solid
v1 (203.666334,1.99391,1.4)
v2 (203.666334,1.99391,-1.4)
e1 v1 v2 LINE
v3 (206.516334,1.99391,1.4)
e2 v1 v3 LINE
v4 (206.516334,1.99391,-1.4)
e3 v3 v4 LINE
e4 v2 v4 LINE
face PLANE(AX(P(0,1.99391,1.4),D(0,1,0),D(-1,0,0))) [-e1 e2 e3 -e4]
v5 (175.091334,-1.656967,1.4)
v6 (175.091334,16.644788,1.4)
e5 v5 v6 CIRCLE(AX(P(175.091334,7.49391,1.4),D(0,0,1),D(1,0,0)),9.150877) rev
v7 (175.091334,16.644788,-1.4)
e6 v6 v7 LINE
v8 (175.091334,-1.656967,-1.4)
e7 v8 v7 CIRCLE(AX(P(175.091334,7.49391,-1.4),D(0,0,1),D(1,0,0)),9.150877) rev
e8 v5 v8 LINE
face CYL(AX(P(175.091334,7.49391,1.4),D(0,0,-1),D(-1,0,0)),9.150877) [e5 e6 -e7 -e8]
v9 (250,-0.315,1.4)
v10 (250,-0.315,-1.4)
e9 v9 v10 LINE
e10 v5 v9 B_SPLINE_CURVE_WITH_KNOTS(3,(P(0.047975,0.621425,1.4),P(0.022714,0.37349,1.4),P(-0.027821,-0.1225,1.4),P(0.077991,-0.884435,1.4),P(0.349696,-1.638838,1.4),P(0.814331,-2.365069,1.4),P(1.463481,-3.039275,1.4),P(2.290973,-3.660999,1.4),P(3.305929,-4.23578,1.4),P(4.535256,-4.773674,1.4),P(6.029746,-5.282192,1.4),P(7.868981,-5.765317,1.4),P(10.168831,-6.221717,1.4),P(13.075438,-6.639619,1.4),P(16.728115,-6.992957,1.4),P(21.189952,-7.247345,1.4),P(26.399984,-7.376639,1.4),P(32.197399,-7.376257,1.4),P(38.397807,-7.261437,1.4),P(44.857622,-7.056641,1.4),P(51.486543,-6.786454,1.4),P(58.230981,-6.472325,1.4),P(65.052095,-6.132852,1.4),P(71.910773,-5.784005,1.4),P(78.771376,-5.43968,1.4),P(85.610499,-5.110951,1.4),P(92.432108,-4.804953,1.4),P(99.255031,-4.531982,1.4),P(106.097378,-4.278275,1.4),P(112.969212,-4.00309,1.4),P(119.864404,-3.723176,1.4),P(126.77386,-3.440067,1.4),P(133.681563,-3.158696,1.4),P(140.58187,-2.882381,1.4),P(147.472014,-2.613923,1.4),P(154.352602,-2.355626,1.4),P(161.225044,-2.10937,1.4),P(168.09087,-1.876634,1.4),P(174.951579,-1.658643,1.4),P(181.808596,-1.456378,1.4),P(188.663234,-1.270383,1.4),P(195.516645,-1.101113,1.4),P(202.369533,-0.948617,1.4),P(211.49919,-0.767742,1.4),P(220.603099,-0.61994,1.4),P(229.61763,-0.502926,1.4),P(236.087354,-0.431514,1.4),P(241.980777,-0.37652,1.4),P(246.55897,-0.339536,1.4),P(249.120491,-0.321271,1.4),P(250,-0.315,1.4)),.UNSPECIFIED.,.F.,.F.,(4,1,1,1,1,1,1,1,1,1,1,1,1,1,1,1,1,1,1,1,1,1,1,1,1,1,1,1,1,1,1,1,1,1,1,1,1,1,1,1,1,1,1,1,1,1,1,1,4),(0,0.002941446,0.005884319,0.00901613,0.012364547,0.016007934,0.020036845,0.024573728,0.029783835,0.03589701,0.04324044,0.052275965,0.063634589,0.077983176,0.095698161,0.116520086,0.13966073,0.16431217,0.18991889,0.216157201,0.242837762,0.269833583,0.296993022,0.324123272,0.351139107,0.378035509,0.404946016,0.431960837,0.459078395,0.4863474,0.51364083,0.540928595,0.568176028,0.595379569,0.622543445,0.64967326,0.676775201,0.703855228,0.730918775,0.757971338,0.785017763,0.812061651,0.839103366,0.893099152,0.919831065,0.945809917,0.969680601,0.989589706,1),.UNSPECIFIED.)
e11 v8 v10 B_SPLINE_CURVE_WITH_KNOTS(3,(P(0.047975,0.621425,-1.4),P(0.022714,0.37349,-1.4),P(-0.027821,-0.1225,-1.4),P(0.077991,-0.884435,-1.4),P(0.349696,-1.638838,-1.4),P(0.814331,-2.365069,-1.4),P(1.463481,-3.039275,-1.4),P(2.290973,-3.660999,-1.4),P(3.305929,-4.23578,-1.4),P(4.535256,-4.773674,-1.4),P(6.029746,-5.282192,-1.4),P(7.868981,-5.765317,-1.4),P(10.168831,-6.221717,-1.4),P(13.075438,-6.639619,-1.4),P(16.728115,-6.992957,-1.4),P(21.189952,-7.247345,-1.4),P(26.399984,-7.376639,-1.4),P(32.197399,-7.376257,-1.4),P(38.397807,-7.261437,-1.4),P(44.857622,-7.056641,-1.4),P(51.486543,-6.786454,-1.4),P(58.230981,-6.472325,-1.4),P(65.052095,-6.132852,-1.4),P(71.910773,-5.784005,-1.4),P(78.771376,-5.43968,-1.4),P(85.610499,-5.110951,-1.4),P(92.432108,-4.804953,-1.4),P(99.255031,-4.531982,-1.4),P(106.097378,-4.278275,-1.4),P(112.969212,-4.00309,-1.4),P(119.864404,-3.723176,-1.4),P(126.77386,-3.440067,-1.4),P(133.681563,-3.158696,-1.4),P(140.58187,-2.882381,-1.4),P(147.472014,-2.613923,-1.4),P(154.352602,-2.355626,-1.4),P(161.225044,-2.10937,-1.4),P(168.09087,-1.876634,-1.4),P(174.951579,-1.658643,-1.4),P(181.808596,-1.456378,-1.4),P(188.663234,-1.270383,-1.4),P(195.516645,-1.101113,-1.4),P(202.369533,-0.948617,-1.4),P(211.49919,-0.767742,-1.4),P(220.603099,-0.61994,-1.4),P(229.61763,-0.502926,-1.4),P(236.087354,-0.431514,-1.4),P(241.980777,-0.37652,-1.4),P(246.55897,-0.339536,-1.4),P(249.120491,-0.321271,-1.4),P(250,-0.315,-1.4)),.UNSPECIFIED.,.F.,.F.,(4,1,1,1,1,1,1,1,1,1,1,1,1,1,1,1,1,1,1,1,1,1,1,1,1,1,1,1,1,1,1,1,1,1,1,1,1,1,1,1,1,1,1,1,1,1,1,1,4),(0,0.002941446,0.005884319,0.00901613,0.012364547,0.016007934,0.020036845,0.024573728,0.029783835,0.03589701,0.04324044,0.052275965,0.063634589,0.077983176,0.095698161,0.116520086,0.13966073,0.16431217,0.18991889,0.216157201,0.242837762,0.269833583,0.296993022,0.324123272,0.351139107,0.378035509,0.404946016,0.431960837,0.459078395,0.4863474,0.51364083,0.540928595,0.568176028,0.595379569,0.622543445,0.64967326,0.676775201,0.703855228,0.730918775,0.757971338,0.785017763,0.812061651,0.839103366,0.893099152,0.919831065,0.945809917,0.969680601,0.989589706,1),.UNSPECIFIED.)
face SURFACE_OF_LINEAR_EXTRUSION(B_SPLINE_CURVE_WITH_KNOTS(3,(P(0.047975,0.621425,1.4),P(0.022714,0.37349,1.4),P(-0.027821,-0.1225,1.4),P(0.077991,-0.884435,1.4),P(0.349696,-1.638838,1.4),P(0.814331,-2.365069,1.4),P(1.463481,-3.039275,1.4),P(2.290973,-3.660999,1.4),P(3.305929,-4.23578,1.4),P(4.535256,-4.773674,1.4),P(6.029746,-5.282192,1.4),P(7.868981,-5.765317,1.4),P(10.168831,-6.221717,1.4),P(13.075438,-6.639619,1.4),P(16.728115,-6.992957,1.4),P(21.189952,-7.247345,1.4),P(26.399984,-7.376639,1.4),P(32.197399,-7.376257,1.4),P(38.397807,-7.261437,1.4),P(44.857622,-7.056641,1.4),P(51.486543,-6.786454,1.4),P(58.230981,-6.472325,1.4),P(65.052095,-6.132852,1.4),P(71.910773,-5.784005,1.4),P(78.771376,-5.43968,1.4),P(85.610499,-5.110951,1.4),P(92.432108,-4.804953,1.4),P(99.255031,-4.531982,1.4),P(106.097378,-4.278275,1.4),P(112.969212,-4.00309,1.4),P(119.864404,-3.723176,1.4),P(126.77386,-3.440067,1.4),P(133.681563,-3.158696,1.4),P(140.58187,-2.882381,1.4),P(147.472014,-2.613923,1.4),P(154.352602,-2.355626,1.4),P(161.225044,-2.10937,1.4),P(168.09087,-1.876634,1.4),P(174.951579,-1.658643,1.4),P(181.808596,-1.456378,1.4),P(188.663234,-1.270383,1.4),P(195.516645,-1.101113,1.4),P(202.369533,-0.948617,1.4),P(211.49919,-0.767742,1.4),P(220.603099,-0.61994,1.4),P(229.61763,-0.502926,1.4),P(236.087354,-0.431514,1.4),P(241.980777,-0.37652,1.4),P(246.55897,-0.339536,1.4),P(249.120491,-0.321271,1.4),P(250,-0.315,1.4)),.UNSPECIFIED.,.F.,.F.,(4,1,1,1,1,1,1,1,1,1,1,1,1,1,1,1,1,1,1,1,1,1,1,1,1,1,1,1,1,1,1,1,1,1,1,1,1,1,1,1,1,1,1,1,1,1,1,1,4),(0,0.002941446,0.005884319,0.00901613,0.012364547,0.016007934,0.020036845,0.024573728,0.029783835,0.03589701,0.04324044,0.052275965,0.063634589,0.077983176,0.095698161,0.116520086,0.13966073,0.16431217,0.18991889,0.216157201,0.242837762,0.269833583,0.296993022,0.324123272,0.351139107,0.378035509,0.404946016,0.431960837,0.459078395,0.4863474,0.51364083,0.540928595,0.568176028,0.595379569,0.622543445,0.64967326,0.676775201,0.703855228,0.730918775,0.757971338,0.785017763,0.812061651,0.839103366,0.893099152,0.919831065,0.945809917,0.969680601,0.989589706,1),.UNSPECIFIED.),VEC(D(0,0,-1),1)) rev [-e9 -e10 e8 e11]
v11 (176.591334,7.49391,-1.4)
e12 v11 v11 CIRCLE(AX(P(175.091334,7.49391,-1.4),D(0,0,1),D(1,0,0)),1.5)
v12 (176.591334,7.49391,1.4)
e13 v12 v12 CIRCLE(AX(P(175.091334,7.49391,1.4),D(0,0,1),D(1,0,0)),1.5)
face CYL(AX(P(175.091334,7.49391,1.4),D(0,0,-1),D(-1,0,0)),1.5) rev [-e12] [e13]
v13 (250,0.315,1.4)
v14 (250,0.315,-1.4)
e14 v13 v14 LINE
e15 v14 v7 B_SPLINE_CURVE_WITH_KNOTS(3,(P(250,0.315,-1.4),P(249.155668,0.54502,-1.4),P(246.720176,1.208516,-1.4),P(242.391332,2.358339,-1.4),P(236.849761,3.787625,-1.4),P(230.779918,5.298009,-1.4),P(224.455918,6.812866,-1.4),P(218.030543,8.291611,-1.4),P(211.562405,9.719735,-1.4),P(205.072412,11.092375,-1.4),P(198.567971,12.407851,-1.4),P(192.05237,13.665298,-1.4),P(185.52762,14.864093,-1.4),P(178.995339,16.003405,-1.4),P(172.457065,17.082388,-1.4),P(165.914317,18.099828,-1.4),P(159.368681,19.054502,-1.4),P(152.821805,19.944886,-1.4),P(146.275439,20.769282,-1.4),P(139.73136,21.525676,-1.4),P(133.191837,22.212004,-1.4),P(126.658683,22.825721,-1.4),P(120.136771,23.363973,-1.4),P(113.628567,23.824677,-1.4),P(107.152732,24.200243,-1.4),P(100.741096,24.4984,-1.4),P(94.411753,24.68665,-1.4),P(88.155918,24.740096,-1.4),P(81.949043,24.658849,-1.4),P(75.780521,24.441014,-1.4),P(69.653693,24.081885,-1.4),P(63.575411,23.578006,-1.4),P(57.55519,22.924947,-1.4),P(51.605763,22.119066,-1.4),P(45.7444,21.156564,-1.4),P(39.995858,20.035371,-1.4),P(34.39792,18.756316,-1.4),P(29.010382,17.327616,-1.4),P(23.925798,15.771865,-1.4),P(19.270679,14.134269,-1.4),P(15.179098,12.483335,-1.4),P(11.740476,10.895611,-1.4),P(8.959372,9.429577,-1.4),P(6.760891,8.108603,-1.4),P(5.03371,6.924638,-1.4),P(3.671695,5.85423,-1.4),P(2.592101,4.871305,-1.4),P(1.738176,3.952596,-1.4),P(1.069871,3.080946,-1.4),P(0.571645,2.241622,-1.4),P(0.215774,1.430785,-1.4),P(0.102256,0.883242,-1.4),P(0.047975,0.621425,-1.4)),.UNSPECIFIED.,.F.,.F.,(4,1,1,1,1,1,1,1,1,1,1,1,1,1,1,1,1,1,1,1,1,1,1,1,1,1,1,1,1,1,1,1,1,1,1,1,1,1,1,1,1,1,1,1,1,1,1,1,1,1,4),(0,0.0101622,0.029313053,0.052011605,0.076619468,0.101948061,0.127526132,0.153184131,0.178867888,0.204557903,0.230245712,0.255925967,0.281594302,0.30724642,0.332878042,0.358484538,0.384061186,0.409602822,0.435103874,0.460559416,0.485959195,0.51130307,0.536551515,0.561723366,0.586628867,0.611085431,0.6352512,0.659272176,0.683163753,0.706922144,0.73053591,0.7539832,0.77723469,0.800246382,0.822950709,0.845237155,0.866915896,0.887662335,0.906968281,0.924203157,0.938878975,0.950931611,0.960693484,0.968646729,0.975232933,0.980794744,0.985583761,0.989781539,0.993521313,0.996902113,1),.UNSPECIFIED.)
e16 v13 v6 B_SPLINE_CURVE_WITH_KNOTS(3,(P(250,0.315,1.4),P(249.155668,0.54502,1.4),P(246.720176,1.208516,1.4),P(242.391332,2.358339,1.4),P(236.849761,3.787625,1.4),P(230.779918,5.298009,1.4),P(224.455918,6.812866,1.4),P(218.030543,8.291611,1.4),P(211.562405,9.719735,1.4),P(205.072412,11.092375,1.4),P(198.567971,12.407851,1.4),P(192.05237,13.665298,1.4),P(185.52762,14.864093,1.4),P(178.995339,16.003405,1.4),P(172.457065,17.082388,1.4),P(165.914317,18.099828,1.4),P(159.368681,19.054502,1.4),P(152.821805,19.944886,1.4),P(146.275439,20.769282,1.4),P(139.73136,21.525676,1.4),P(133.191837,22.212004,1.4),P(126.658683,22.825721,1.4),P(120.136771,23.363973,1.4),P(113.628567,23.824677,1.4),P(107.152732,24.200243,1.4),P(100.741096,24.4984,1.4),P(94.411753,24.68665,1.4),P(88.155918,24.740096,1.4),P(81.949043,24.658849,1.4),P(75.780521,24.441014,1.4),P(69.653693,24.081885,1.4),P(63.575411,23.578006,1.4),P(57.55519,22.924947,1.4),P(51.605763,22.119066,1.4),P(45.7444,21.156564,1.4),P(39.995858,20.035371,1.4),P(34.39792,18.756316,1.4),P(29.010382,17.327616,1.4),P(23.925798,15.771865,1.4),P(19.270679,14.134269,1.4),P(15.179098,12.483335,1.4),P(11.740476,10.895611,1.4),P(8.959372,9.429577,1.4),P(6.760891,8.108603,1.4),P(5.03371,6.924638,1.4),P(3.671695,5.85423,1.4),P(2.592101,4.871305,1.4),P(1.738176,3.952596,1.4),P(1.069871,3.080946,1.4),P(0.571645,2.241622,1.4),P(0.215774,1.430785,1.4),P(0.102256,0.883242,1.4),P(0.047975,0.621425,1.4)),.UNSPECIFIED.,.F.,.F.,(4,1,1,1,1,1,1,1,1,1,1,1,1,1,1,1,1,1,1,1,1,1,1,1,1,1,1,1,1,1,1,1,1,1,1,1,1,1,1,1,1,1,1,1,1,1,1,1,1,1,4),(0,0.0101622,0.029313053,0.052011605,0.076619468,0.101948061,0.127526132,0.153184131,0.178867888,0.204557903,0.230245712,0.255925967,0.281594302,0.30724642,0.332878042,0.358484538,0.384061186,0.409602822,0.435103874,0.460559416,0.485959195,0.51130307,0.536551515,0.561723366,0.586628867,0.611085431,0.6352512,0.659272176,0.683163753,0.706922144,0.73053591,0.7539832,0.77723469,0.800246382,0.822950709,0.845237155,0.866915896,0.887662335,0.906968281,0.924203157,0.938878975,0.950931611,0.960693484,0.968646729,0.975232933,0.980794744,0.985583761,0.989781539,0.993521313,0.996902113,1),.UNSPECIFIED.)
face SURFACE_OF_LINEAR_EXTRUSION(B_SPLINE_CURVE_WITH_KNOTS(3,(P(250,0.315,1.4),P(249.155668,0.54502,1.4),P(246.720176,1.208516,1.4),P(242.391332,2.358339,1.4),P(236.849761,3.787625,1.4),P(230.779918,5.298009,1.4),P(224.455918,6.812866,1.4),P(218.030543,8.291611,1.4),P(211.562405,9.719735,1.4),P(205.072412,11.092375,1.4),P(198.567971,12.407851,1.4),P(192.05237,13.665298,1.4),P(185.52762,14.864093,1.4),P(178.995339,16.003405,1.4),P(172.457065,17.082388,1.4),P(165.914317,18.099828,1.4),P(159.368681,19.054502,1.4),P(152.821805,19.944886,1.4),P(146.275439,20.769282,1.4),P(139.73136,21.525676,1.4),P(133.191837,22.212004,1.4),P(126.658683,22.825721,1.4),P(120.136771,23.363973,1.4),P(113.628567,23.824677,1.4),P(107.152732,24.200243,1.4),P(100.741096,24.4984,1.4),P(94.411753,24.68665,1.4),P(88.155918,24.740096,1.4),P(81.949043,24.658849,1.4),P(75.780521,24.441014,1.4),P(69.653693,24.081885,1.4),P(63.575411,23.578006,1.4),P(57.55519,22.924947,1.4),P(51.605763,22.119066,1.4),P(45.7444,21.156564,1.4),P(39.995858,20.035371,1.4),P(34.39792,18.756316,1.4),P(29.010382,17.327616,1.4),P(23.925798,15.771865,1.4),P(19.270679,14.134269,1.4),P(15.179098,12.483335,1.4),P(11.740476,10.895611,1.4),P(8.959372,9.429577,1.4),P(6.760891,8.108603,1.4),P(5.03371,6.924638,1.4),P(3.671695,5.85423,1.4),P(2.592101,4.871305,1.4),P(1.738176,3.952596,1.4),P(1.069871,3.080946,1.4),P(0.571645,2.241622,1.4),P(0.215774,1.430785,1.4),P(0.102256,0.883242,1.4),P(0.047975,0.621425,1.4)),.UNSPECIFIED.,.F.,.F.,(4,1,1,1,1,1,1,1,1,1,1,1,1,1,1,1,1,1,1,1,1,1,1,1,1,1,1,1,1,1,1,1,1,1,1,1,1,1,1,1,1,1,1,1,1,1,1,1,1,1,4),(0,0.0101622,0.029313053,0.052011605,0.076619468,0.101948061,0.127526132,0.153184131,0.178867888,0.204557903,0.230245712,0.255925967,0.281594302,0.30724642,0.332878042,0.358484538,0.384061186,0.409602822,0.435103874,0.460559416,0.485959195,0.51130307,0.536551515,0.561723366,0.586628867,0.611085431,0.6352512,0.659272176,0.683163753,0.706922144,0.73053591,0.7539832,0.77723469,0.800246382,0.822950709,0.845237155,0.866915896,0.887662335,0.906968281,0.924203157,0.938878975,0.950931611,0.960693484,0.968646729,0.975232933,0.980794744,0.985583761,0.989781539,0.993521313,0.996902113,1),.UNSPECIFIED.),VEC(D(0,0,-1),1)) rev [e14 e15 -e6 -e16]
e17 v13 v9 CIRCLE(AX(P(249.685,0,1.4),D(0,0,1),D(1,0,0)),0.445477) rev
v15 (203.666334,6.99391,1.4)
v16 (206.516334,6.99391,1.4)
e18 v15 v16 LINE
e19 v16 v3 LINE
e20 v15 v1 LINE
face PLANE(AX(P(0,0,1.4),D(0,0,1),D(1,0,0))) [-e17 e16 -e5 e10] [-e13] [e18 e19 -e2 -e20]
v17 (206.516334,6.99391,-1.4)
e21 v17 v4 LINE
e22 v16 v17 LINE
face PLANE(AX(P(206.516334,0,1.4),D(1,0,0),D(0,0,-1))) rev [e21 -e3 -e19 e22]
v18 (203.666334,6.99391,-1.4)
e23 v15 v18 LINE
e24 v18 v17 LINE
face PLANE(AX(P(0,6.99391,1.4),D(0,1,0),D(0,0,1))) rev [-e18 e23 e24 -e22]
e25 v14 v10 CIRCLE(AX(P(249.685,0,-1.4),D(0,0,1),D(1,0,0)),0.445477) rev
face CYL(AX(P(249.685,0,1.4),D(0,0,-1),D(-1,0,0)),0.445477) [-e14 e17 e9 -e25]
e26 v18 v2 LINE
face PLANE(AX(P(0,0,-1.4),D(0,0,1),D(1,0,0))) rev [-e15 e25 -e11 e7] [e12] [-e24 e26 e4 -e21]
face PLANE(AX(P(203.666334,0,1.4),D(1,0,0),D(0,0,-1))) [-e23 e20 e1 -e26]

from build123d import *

# Parameters (mm, degrees)
SKETCH_1_R      = 1.5
SKETCH_1_W      = 2.85
SKETCH_1_H      = 5
EXTRUDE_1_DEPTH = 1.4


with BuildPart() as part:
    # Эскиз1 → Бобышка-Вытянуть1 (new, symmetric)
    with BuildSketch(Plane.XY):
        with BuildLine():
            ThreePointArc((175.091334091, 16.644787515), (168.620686799, 13.96455765), (165.940456932, 7.493910359))
            ThreePointArc((165.940456932, 7.493910359), (168.620686797, 1.023263065), (175.091334091, -1.656966802))
            add(Edge.make_bspline(
                [(175.091334091, -1.656966802), (177.330680613, -1.588466601), (181.854695323, -1.455127256), (188.663234462, -1.270383377), (195.516645168, -1.101112884), (202.369532894, -0.948617189), (211.49919029, -0.767742353), (220.603098666, -0.619939742), (229.617630172, -0.50292618), (236.087353854, -0.431514192), (241.980776913, -0.376520461), (246.558970011, -0.339535886), (249.120490965, -0.321271242), (250, -0.315)],
                knots=[0.704401069, 0.704401069, 0.704401069, 0.704401069, 0.730918775, 0.757971338, 0.785017763, 0.812061651, 0.839103366, 0.893099152, 0.919831065, 0.945809917, 0.969680601, 0.989589706, 1, 1, 1, 1], degree=3))
            ThreePointArc((250, -0.315), (250.130477272, 0), (250, 0.315))
            add(Edge.make_bspline(
                [(250, 0.315), (249.15566774, 0.545019818), (246.720175698, 1.208516243), (242.391332083, 2.358339053), (236.849761204, 3.787625364), (230.779918279, 5.298008837), (224.455917947, 6.812866028), (218.030543496, 8.291610632), (211.562405045, 9.719735057), (205.072411509, 11.092374932), (198.567970913, 12.407850726), (192.052369914, 13.665297924), (185.527619973, 14.864093303), (179.872800983, 15.850364437), (176.392239334, 16.431323122), (175.091334091, 16.644787515)],
                knots=[0, 0, 0, 0, 0.0101622, 0.029313053, 0.052011605, 0.076619468, 0.101948061, 0.127526132, 0.153184131, 0.178867888, 0.204557903, 0.230245712, 0.255925967, 0.281594302, 0.296903142, 0.296903142, 0.296903142, 0.296903142], degree=3))
        make_face()
        with Locations((175.091334091, 7.493910357)):
            Circle(SKETCH_1_R, mode=Mode.SUBTRACT)
        with Locations((205.091334091, 4.493910357)):
            Rectangle(SKETCH_1_W, SKETCH_1_H, mode=Mode.SUBTRACT)
    extrude(amount=EXTRUDE_1_DEPTH, both=True)


solid = part.part
